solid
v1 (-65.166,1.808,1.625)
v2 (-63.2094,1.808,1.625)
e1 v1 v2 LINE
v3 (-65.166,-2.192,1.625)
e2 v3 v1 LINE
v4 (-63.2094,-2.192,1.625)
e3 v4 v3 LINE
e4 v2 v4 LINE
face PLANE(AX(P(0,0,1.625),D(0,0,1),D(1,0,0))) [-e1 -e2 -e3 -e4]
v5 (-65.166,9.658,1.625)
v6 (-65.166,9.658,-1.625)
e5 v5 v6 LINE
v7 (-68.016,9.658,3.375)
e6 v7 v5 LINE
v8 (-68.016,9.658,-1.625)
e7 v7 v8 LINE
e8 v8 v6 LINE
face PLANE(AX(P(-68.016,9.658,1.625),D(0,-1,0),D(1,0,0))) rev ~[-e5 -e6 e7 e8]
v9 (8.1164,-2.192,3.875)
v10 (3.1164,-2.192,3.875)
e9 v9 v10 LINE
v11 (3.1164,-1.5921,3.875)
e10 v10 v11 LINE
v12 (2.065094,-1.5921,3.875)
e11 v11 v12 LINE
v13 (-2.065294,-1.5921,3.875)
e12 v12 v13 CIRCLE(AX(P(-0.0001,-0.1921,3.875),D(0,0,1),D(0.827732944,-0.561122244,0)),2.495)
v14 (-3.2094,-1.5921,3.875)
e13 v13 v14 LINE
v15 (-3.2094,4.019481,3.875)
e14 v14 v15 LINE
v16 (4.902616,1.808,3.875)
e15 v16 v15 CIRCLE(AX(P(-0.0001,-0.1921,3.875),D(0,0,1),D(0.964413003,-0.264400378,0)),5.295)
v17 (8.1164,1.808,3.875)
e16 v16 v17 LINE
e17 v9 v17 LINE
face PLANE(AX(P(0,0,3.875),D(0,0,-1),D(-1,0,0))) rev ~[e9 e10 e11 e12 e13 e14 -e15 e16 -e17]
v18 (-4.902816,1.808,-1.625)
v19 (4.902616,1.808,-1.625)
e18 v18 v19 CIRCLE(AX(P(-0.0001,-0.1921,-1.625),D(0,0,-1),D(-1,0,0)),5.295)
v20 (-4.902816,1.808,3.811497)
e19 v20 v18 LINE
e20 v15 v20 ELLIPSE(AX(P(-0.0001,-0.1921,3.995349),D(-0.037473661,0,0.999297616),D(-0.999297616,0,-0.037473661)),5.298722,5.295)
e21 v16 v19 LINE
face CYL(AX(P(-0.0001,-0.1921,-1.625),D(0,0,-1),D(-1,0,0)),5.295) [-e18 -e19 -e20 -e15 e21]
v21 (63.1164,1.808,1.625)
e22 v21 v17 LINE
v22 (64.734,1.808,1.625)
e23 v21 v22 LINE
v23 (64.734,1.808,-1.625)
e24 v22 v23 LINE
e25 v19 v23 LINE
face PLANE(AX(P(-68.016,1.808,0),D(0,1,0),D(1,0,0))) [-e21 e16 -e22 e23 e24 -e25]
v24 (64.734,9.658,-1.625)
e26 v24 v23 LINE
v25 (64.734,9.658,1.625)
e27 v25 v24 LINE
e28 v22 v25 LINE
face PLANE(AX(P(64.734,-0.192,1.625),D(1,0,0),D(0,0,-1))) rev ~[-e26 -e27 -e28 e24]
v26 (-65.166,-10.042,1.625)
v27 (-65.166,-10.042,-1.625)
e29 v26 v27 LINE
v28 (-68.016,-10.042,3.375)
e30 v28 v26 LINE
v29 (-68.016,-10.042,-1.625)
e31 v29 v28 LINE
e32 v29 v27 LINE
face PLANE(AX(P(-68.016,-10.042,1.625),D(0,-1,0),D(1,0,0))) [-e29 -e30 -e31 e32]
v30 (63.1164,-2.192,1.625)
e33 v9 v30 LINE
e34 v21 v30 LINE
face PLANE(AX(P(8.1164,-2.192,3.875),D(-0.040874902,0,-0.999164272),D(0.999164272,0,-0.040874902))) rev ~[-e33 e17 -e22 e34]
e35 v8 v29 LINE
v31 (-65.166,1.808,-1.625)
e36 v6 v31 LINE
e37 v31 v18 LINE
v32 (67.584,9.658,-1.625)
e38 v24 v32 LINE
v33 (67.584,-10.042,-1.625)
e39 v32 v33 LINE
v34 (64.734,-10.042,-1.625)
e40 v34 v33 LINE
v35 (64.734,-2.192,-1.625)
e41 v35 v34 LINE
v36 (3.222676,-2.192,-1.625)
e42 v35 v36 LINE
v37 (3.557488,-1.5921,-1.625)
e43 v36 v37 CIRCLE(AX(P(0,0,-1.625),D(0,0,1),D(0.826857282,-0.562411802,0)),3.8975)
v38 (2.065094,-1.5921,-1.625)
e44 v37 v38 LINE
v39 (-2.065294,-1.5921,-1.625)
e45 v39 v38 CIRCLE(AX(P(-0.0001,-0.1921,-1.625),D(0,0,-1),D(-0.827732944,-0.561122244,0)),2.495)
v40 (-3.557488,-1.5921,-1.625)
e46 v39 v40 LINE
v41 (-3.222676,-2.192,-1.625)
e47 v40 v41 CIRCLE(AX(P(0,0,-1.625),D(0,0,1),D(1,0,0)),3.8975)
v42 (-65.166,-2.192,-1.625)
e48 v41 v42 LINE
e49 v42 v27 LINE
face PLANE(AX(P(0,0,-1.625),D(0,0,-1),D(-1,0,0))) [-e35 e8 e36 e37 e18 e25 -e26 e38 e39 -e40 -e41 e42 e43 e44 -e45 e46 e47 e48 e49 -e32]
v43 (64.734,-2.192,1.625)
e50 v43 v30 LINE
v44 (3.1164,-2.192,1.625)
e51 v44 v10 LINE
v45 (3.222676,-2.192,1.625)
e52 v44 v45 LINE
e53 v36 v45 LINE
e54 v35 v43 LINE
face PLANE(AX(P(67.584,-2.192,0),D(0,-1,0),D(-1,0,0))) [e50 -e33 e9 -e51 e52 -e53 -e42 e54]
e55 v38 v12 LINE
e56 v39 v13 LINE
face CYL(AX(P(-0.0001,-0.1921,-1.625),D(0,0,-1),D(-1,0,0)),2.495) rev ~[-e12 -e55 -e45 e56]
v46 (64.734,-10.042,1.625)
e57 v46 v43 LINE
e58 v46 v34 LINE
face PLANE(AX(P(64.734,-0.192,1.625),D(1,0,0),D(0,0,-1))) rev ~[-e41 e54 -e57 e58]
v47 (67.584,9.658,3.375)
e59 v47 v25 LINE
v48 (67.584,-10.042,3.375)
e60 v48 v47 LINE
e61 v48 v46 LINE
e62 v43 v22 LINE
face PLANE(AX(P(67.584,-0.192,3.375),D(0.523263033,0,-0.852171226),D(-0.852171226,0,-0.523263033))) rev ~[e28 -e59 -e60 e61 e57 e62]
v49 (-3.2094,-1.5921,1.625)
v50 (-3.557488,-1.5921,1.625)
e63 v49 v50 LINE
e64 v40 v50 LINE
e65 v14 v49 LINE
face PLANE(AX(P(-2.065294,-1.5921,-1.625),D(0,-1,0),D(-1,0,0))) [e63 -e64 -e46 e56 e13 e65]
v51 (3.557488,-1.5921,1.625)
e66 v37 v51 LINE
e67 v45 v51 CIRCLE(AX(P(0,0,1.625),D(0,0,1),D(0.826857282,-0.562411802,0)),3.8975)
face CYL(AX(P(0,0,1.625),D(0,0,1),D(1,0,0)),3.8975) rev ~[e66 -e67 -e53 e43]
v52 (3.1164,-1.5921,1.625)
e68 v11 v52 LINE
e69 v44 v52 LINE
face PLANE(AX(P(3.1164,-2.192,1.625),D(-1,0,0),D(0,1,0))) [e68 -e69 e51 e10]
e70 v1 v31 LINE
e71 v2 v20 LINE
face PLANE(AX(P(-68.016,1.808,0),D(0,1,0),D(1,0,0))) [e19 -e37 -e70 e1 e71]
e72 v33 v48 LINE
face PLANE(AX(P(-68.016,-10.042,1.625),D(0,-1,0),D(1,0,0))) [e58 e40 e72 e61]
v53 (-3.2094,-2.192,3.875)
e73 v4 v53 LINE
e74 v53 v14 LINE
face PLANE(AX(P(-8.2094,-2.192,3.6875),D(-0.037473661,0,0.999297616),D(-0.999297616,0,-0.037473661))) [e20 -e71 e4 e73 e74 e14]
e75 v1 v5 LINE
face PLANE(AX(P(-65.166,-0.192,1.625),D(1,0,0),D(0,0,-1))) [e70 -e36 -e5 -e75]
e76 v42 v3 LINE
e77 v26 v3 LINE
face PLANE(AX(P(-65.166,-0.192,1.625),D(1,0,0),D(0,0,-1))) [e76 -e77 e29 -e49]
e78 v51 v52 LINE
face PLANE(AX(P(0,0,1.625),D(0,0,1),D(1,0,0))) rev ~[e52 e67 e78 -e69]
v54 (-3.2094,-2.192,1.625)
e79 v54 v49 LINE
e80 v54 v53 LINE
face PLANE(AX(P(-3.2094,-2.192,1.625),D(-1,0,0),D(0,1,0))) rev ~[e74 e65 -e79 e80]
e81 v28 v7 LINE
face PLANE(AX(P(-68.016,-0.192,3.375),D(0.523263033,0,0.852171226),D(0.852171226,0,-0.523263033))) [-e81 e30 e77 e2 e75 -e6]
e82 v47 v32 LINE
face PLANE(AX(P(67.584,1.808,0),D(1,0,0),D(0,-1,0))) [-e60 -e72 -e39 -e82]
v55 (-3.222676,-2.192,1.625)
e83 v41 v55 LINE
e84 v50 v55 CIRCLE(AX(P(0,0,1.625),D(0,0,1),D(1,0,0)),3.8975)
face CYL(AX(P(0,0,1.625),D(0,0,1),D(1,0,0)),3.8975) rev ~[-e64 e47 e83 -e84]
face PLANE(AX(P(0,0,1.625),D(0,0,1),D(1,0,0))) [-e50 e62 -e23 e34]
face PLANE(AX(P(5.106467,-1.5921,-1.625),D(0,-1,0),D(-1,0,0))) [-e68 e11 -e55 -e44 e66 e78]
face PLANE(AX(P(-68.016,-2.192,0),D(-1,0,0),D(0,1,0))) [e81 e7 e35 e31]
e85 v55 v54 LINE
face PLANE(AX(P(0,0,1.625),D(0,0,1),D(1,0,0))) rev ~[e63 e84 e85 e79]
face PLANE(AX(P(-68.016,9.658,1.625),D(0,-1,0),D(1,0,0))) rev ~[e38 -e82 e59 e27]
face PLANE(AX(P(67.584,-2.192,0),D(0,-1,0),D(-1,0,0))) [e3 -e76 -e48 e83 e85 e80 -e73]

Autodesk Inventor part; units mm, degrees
ref_plane "YZ Plane" through (0, 0, 0) normal (1, 0, 0) x (0, 1, 0)
ref_plane "XZ Plane" through (0, 0, 0) normal (0, 1, 0) x (-1, 0, 0)
ref_plane "XY Plane" through (0, 0, 0) normal (0, 0, 1) x (1, 0, 0)
sketch "Skizze1" plane through (0, 0, 0) normal (0, 0, 1) x (1, 0, 0)
  line L0 (-68.016, 1.808) -> (67.584, 1.808)
  line L1 (67.584, 1.808) -> (67.584, -2.192)
  line L2 (67.584, -2.192) -> (-68.016, -2.192)
  line L3 (-68.016, -2.192) -> (-68.016, 1.808)
  line L4 (-68.016, 1.808) -> (67.584, -2.192) construction
  line L5 (67.584, 1.808) -> (-68.016, -2.192) construction
  point P0 (0, 0)
  point P1 (-0.216, -0.192)
  point P2 (-0.216, -0.192)
  dimension "d0" = 135.6
  dimension "d1" = 4
extrude "Extrusion1" add sketch "Skizze1" along normal mid plane 3.25
ref_plane "Arbeitsebene1" through (-68.016, -0.192, 1.625) normal (0, -1, 0) x (1, 0, 0)
sketch "Skizze2" plane through (-68.016, -0.192, 1.625) normal (0, -1, 0) x (1, 0, 0)
  line L0 (0, -3.25) -> (0, 0) projected
  line L1 (0, -3.25) -> (135.6, -3.25) projected
  line L2 (0, 0) -> (2.85, 0)
  line L3 (2.85, 0) -> (2.85, -3.25)
  line L4 (2.85, -3.25) -> (0, -3.25)
  line L5 (0, -3.25) -> (0, 0)
  line L6 (0, 0) -> (0, 1.75)
  line L7 (0, 1.75) -> (2.85, 0)
  line L8 (135.6, -3.25) -> (135.6, 0) projected
  line L9 (135.6, 0) -> (132.75, 0)
  line L10 (132.75, 0) -> (132.75, -3.25)
  line L11 (132.75, -3.25) -> (135.6, -3.25)
  line L12 (135.6, -3.25) -> (135.6, 0)
  line L13 (135.6, 0) -> (135.6, 1.75)
  line L14 (135.6, 1.75) -> (132.75, 0)
  point P0 (68.016, -1.625)
  dimension "d4" = 2.85
  dimension "d5" = 1.75
  dimension "d6" = 2.85
extrude "Extrusion2" add sketch "Skizze2" along normal mid plane 19.7
sketch "Skizze3" plane through (0, 0, 1.625) normal (0, 0, 1) x (1, 0, 0)
  circle A0 centre (0, 0) radius 3.8975
  dimension "d9" = 7.795
extrude "Extrusion3" cut sketch "Skizze3" against normal through all
sketch "Skizze4" plane through (0, 0, -1.625) normal (0, 0, -1) x (-1, 0, 0)
  line L0 (0.0769, -0.1614) -> (6.2269, -0.1614) construction
  circle A0 centre (0.0001, -0.1921) radius 2.495
  circle A1 centre (0.0001, -0.1921) radius 5.295
  line L1 (-24.5999, -1.5921) -> (24.6001, -1.5921)
  point P0 (-5.2949, -0.1921)
  point P1 (5.2951, -0.1921)
  point P2 (2.0653, -1.5921)
  point P3 (5.1066, -1.5921)
  point P4 (-5.1065, -1.5921)
  point P5 (-2.0651, -1.5921)
  dimension "d27" = 2.8
  dimension "d28" = 4.99
  dimension "d29" = 1.4
extrude "Extrusion4" add sketch "Skizze4" against normal blind 5.5 contours A0 L1 A1 picked at (4.3097, 0.2335)
sketch "Skizze5" plane through (0, 0, 1.625) normal (0, 0, 1) x (1, 0, 0)
  line L0 (-4.9028, 1.808) -> (-65.166, 1.808) projected
  line L1 (-3.2227, -2.192) -> (-65.166, -2.192) projected
  line L2 (-3.2094, 1.808) -> (-63.2094, 1.808)
  line L3 (-63.2094, 1.808) -> (-63.2094, -2.192)
  line L4 (-63.2094, -2.192) -> (-3.2094, -2.192)
  line L5 (-3.2094, -2.192) -> (-3.2094, 1.808)
  line L6 (3.2227, -2.192) -> (64.734, -2.192) projected
  line L7 (3.1164, 1.808) -> (63.1164, 1.808)
  line L8 (63.1164, 1.808) -> (63.1164, -2.192)
  line L9 (63.1164, -2.192) -> (3.1164, -2.192)
  line L10 (3.1164, -2.192) -> (3.1164, 1.808)
  point P0 (0, 0)
  point P1 (-8.6889, 1.808)
  point P2 (-8.6001, -2.192)
  point P3 (8.6889, 1.808)
  point P4 (8.6001, -2.192)
  point P5 (3.1164, -2.192)
  point P6 (-3.2094, -2.192)
  point P7 (-63.2094, 1.808)
  point P8 (63.1164, -2.192)
  point P9 (-2.0688, 1.808)
  dimension "d17" = 60
  dimension "d18" = 60
extrude "Extrusion5" add sketch "Skizze5" along normal blind 2.25
sketch "Skizze6" plane through (-65.166, -2.192, -1.625) normal (0, -1, 0) x (1, 0, 0)
  line L0 (1.9566, 5.5) -> (61.9566, 5.5) projected
  line L1 (1.9566, 5.5) -> (61.9566, 5.5)
  line L2 (56.9566, 5.5) -> (56.9566, 3.25)
  line L3 (56.9566, 3.25) -> (1.9566, 3.25)
  line L4 (1.9566, 3.25) -> (1.9566, 5.5)
  line L5 (61.9566, 5.5) -> (1.9566, 3.25)
  line L6 (128.2824, 3.25) -> (128.2824, 5.5) projected
  line L7 (128.2824, 5.5) -> (73.2824, 5.5)
  line L8 (73.2824, 5.5) -> (73.2824, 3.25)
  line L9 (73.2824, 3.25) -> (128.2824, 3.25)
  line L10 (128.2824, 3.25) -> (128.2824, 5.5)
  line L11 (73.2824, 5.5) -> (128.2824, 3.25)
  point P0 (65.166, 1.625)
  point P1 (56.5659, 5.5)
  point P2 (56.5659, 5.5)
  point P3 (56.5659, 5.5)
  dimension "d21" = 55
  dimension "d22" = 2.25
  dimension "d23" = 55
  dimension "d26" = 2.25
extrude "Extrusion6" cut sketch "Skizze6" against normal through all contours L0 L2 L5 L4 | L0 L5 L2 | L11 L7 L6
properties part number "2024_08_23_Holder_NMR_tube"
